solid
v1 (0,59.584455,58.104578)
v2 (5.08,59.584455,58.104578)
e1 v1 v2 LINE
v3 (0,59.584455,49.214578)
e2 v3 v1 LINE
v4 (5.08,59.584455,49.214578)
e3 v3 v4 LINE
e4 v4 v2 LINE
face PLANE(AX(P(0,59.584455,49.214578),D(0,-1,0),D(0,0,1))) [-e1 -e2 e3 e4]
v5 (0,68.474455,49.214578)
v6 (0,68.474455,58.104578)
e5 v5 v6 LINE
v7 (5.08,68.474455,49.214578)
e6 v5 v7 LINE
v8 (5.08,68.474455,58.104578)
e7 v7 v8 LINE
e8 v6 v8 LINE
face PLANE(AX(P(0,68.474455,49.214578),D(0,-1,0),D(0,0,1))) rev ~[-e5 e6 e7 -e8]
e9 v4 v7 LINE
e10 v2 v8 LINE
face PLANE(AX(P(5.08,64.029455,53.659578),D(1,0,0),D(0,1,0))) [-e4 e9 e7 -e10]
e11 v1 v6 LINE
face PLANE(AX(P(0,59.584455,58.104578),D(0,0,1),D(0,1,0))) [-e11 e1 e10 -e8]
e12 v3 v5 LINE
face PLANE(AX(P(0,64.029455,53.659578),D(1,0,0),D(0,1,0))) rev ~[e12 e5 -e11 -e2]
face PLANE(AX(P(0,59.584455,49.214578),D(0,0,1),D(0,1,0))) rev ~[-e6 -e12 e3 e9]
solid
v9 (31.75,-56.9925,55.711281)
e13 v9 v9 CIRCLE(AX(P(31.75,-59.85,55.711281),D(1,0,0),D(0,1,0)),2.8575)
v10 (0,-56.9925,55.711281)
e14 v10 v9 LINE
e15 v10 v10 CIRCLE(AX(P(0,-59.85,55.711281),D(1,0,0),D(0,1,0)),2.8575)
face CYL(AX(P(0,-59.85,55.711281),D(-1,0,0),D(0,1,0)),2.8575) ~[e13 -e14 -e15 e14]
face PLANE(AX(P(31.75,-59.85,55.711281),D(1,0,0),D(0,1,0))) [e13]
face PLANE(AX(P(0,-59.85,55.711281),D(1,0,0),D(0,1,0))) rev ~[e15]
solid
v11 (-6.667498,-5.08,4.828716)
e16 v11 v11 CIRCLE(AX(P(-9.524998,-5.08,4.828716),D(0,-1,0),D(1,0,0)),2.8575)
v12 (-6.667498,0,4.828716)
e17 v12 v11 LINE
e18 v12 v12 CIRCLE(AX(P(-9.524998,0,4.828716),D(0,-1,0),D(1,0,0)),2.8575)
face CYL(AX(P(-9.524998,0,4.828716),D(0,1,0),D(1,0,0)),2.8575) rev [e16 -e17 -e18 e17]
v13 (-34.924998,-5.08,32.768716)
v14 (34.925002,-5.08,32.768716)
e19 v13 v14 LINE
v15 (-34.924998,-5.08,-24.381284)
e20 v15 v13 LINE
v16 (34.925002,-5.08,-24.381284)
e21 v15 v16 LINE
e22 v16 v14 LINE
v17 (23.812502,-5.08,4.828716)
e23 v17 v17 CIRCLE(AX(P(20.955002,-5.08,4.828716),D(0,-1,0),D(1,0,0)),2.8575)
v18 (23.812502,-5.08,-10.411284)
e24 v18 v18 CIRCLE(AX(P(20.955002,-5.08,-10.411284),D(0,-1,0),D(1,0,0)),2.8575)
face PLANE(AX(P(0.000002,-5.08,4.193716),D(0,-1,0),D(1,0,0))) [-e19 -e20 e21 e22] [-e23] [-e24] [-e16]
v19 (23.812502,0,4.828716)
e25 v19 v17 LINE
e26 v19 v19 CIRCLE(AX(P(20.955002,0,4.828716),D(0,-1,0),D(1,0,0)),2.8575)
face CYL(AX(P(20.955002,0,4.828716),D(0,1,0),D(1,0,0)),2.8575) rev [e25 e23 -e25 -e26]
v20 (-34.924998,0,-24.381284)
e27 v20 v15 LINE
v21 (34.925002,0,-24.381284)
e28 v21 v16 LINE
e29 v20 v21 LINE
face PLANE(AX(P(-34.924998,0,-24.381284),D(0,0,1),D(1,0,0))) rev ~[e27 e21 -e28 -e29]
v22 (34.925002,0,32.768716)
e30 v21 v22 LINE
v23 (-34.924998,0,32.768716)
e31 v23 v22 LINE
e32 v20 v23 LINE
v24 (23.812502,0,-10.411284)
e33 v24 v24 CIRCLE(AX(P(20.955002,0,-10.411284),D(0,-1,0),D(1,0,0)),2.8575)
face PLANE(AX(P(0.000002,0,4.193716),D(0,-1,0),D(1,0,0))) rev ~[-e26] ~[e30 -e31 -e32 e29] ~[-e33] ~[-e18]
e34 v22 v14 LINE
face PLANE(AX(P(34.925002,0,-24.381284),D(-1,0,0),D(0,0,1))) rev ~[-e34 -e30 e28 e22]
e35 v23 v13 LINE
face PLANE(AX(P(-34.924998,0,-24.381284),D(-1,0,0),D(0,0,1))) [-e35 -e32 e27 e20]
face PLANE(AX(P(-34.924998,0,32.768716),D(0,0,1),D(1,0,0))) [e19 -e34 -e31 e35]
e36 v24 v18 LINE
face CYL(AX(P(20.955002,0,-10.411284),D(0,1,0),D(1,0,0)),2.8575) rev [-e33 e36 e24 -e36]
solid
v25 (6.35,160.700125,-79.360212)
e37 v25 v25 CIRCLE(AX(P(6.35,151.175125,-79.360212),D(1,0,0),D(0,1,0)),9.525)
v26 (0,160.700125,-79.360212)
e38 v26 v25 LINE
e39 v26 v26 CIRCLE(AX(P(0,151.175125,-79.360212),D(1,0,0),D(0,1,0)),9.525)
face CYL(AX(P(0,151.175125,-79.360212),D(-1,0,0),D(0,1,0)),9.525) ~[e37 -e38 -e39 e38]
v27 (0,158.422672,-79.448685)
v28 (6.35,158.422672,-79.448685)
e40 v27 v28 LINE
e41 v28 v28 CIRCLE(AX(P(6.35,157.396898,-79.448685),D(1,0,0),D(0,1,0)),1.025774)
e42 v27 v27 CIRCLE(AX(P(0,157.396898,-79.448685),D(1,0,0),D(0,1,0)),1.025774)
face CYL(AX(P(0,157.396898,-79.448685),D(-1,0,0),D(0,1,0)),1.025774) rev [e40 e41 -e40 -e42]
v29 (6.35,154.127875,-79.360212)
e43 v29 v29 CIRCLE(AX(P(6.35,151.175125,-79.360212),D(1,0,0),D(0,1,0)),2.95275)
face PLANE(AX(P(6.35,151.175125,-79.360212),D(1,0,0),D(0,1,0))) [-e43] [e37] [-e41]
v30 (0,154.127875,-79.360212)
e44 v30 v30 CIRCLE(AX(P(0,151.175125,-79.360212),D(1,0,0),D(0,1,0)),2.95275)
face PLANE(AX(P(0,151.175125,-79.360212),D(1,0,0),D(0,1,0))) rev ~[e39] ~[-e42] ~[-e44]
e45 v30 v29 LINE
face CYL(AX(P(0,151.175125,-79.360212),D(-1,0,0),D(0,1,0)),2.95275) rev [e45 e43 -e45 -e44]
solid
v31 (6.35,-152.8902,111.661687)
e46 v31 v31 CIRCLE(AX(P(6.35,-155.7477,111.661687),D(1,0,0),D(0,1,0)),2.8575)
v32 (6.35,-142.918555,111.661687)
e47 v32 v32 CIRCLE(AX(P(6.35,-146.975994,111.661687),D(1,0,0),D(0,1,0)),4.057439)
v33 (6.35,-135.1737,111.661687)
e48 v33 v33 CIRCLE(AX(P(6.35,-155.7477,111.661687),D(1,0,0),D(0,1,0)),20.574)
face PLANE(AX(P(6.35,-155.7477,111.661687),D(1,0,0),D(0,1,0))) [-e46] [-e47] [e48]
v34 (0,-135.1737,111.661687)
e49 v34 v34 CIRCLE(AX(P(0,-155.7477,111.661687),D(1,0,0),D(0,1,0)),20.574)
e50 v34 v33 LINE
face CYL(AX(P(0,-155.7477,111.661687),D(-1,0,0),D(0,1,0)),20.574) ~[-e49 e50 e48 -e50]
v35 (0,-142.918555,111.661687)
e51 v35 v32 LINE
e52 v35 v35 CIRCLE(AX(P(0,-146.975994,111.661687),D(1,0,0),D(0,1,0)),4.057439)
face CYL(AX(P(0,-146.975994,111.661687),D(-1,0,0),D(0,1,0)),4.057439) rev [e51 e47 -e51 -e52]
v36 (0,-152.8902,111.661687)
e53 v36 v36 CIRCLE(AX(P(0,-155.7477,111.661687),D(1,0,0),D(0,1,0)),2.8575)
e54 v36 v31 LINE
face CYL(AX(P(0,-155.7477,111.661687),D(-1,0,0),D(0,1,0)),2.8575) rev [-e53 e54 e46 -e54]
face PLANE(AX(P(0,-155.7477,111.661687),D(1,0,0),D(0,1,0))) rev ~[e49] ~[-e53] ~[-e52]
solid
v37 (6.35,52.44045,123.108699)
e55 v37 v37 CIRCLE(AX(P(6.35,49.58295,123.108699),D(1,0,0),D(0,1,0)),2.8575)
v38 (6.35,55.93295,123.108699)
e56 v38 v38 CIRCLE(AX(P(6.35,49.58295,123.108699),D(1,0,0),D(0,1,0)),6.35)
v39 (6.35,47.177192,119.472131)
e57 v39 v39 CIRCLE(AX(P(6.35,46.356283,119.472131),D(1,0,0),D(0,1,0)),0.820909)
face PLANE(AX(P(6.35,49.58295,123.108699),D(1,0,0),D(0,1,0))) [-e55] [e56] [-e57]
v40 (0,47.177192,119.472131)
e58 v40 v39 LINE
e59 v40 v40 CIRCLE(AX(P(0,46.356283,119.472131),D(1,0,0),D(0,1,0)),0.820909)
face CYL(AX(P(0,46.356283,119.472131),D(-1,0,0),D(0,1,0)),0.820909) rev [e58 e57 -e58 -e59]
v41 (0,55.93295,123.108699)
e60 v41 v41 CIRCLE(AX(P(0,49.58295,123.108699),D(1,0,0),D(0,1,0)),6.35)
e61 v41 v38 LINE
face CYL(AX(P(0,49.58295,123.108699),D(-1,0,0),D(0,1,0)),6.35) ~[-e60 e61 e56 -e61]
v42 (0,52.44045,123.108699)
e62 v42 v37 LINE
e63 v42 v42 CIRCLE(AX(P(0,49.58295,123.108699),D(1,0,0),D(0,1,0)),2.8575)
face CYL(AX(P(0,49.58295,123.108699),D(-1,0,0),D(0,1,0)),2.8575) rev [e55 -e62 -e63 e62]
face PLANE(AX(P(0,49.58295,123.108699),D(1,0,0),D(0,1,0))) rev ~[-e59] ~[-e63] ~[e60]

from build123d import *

# Parameters (mm, degrees)
F0_W     = 69.85
F0_H     = 57.15
F0_R     = 2.8575
F1_DEPTH = 5.08
F2_R     = 20.574
F2_R_2   = 2.8575
F2_R_3   = 4.057439
F2_R_4   = 6.35
F2_R_5   = 0.820909
F2_R_6   = 9.525
F2_R_7   = 2.95275
F2_R_8   = 1.025774
F3_DEPTH = 6.35
F4_R     = 2.8575
F5_DEPTH = 31.75
F6_W     = 8.89
F6_H     = 8.89
F7_DEPTH = 5.08


with BuildPart() as f1:
    # F0 (on Front) → F1 (new body)
    with BuildSketch(Plane.XZ):
        with Locations((2e-06, 4.193716)):
            Rectangle(F0_W, F0_H)
        with Locations((20.955002, -10.411284)):
            Circle(F0_R, mode=Mode.SUBTRACT)
        with Locations((-9.524998, 4.828716)):
            Circle(F0_R, mode=Mode.SUBTRACT)
        with Locations((20.955002, 4.828716)):
            Circle(F0_R, mode=Mode.SUBTRACT)
    extrude(amount=F1_DEPTH)


with BuildPart() as f3:
    # F2 (on Right) → F3 (new body)
    with BuildSketch(Plane.YZ):
        with Locations((-155.7477, 111.661687)):
            Circle(F2_R)
        with Locations((-155.7477, 111.661687)):
            Circle(F2_R_2, mode=Mode.SUBTRACT)
        with Locations((-146.975994, 111.661687)):
            Circle(F2_R_3, mode=Mode.SUBTRACT)
        with Locations((49.58295, 123.108699)):
            Circle(F2_R_4)
        with Locations((46.356283, 119.472131)):
            Circle(F2_R_5, mode=Mode.SUBTRACT)
        with Locations((49.58295, 123.108699)):
            Circle(F2_R_2, mode=Mode.SUBTRACT)
        with Locations((151.175125, -79.360212)):
            Circle(F2_R_6)
        with Locations((151.175125, -79.360212)):
            Circle(F2_R_7, mode=Mode.SUBTRACT)
        with Locations((157.396898, -79.448685)):
            Circle(F2_R_8, mode=Mode.SUBTRACT)
    extrude(amount=F3_DEPTH)


with BuildPart() as f5:
    # F4 (on Right) → F5 (new body)
    with BuildSketch(Plane.YZ):
        with Locations((-59.85, 55.711281)):
            Circle(F4_R)
    extrude(amount=F5_DEPTH)


with BuildPart() as f7:
    # F6 (on Right) → F7 (new body)
    with BuildSketch(Plane.YZ):
        with Locations((64.029455, 53.659578)):
            Rectangle(F6_W, F6_H)
    extrude(amount=F7_DEPTH)


solid = Compound([f1.part, f3.part, f5.part, f7.part])
